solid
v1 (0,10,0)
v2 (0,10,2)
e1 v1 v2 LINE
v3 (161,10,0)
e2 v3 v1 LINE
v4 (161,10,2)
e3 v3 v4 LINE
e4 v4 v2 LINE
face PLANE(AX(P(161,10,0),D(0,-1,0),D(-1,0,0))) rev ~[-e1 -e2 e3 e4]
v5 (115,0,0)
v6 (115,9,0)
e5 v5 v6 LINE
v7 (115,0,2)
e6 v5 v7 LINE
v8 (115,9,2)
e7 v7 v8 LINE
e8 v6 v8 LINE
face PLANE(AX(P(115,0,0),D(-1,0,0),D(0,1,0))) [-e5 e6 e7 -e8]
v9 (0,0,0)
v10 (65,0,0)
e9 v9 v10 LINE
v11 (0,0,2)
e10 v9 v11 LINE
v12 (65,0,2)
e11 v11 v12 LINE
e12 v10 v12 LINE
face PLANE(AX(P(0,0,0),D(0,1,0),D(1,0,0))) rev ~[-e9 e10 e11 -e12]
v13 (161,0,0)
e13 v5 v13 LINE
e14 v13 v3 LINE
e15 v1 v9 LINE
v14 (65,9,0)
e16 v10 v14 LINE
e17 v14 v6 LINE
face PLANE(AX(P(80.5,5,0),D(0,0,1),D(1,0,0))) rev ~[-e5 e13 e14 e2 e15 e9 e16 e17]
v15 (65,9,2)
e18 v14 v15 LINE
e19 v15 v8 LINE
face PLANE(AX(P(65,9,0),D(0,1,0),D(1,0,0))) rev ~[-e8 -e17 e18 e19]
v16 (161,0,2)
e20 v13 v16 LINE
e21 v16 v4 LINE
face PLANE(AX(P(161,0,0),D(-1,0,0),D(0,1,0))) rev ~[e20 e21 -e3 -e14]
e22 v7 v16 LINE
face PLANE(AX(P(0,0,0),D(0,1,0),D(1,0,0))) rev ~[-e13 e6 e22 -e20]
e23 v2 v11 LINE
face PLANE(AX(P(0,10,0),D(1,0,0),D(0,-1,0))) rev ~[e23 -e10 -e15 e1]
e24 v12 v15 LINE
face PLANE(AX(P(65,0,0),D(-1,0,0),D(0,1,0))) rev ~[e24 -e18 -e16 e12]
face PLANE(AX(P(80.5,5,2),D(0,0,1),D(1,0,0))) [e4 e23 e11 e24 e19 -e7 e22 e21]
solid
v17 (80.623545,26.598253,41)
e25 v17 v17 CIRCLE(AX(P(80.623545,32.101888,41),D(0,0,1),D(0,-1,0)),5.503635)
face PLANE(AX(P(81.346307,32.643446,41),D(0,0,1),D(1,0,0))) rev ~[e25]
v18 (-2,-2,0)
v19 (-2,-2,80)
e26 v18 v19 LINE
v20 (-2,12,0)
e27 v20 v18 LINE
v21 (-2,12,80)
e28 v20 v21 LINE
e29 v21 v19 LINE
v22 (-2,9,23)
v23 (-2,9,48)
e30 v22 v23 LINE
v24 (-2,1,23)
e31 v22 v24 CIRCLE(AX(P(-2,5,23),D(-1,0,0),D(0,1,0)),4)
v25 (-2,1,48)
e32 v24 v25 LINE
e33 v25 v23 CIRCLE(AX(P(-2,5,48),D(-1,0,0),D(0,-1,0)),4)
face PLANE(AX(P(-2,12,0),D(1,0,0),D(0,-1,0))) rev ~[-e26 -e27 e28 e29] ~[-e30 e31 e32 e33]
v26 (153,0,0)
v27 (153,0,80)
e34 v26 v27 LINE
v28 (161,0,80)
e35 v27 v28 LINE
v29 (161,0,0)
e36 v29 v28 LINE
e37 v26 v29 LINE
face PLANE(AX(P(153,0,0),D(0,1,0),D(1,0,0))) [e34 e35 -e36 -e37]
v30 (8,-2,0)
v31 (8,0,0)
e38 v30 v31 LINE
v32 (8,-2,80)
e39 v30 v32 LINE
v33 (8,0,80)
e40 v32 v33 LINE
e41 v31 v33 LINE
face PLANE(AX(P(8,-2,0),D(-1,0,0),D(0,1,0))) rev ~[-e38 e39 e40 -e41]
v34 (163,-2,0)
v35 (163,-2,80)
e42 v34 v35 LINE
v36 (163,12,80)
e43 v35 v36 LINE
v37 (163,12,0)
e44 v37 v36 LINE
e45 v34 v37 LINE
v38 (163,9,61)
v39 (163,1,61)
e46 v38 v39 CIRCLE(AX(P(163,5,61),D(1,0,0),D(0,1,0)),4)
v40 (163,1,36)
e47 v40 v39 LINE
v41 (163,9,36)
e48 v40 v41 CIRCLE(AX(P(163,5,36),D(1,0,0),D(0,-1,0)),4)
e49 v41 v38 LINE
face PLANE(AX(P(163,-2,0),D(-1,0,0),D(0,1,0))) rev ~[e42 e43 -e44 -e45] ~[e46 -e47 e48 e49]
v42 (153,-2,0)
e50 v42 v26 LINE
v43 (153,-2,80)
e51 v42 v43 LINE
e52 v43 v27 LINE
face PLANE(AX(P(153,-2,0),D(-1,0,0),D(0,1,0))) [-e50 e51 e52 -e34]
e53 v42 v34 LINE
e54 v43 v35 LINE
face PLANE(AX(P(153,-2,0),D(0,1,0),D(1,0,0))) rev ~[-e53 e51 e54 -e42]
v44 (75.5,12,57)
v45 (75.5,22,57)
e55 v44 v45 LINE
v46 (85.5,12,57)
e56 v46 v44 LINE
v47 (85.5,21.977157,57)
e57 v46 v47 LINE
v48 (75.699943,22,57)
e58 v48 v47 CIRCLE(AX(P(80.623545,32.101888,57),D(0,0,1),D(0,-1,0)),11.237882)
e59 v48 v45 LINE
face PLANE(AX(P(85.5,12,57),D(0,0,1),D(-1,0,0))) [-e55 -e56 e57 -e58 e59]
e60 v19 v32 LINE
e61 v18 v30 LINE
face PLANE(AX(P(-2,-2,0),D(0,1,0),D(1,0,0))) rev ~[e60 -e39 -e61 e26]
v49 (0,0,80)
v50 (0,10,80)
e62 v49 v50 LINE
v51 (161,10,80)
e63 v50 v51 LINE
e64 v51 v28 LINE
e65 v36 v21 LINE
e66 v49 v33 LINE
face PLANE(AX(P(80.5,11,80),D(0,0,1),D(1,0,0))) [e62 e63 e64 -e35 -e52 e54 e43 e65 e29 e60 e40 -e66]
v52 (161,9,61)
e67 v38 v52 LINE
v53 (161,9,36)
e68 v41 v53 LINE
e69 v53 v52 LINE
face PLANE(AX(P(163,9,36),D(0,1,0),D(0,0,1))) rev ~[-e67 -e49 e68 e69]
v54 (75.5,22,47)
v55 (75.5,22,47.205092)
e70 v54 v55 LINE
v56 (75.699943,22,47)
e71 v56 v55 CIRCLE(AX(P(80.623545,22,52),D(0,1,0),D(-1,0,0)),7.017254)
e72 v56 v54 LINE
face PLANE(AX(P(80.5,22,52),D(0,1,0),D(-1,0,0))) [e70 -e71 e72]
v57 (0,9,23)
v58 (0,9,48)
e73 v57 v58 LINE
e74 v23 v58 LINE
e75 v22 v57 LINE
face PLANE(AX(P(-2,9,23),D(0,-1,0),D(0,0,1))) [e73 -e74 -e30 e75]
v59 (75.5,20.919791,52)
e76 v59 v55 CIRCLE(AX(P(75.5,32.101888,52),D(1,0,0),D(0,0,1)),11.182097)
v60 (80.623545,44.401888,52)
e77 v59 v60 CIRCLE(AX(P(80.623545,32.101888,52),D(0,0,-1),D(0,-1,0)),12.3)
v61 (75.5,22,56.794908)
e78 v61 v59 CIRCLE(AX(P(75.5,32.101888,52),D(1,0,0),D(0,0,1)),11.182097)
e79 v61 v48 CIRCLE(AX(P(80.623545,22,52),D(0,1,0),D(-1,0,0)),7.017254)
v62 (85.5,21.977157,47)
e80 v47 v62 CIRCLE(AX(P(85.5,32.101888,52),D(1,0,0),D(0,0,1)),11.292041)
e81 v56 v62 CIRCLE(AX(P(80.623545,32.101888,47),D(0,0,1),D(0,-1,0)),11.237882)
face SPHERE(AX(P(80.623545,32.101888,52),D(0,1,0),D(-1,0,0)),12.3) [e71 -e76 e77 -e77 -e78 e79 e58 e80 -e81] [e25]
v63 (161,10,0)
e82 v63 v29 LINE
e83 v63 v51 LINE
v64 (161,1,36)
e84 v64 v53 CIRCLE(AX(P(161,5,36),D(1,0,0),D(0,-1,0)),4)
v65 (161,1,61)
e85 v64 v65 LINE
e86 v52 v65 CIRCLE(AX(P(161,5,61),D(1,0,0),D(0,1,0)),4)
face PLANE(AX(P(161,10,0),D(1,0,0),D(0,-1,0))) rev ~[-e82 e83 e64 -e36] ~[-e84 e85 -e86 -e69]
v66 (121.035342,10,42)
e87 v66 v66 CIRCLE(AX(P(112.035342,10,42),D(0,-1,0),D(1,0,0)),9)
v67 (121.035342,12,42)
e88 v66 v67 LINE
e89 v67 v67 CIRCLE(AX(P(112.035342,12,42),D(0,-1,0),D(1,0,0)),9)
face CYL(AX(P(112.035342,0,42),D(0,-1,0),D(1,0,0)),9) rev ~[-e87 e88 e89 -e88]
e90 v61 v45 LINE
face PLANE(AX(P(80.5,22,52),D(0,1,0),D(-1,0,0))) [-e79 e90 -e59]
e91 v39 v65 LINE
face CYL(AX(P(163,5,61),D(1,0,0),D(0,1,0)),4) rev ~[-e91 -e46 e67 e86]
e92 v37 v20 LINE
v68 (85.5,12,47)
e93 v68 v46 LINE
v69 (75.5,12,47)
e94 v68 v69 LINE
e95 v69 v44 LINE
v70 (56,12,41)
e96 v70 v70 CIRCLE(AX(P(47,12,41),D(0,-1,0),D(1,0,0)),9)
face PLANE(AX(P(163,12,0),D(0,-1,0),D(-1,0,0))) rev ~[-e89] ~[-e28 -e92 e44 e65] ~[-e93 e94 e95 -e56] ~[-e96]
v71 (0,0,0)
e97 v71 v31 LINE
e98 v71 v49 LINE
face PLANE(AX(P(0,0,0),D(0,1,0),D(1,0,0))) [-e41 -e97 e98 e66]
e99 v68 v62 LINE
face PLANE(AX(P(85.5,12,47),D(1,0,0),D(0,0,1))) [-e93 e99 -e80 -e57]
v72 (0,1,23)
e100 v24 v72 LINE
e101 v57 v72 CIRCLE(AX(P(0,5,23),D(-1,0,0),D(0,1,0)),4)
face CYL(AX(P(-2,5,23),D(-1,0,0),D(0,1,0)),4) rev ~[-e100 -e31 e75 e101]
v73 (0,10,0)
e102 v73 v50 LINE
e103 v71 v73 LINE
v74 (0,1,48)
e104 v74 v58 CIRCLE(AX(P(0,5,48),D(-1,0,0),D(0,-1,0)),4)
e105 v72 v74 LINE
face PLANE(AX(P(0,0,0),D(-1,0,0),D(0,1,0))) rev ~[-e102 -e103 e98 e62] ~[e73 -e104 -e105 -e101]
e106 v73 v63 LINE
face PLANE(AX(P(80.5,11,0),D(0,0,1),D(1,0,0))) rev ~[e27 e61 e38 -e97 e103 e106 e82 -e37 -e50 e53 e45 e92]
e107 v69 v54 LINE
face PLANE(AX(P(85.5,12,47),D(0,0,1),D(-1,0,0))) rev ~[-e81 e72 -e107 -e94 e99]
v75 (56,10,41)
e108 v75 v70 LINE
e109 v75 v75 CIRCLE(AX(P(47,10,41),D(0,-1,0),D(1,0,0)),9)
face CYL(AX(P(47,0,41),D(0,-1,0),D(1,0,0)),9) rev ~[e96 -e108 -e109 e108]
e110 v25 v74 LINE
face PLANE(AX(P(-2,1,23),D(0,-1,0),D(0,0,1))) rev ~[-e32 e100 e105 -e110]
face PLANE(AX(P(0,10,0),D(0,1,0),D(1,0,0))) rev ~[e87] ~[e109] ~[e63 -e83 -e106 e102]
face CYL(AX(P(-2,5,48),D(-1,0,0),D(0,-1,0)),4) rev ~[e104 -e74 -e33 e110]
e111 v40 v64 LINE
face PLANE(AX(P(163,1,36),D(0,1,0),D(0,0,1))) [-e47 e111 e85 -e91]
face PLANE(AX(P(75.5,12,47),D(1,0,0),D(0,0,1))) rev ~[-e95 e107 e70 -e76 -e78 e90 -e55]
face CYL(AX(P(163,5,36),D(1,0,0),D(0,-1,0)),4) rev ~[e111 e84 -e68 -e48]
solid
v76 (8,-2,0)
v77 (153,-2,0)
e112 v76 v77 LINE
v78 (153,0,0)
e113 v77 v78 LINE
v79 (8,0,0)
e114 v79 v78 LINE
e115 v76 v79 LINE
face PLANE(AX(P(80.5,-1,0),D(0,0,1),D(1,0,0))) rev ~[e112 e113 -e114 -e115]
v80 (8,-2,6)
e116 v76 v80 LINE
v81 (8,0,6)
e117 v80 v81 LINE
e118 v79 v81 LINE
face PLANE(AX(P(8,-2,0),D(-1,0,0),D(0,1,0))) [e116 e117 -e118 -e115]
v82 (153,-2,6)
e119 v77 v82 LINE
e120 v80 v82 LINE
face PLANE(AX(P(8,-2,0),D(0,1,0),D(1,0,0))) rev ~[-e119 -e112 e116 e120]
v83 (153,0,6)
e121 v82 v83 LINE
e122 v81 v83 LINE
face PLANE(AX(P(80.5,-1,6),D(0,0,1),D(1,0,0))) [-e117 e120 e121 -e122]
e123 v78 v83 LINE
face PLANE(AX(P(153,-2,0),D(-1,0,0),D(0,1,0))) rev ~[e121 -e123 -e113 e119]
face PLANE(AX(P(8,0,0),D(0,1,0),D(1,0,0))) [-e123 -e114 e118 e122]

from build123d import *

# Parameters (mm, degrees)
F0_W      = 161
F0_H      = 2
F0_W_2    = 2
F0_H_2    = 10
F0_W_3    = 8
F1_DEPTH  = 80
F2_DEPTH  = 2
F0_W_4    = 145
F3_DEPTH  = 6
F4_W      = 8
F4_H      = 25
F5_DEPTH  = 2
F6_W      = 8
F6_H      = 25
F7_DEPTH  = 2
F8_R      = 9
F9_DEPTH  = 12.001
F11_W     = 50
F11_H     = 9
F12_DEPTH = 2
F10_W     = 10
F10_H     = 10
F13_DEPTH = 10
F18_W     = 28.0327871442
F18_H     = 26.7418082803
F19_DEPTH = 41


with BuildPart() as f1:
    # F0 (on Top) → F1 (new body)
    with BuildSketch(Plane.XY):
        with Locations((80.5, 11)):
            Rectangle(F0_W, F0_H)
        with Locations((162, 11)):
            Rectangle(F0_W_2, F0_H)
        with Locations((162, 5)):
            Rectangle(F0_W_2, F0_H_2)
        with Locations((162, -1)):
            Rectangle(F0_W_2, F0_H)
        with Locations((157, -1)):
            Rectangle(F0_W_3, F0_H)
        with Locations((-1, 11)):
            Rectangle(F0_W_2, F0_H)
        with Locations((-1, 5)):
            Rectangle(F0_W_2, F0_H_2)
        with Locations((-1, -1)):
            Rectangle(F0_W_2, F0_H)
        with Locations((4, -1)):
            Rectangle(F0_W_3, F0_H)
    extrude(amount=F1_DEPTH)

    # F4 (on face) → F5 (cut, through all)
    with BuildSketch(Plane(origin=(-2, 0, 0), x_dir=(0, -1, 0), z_dir=(-1, 0, 0))):
        with BuildLine():
            ThreePointArc((-1, 48), (-5, 52), (-9, 48))
            Line((-9, 48), (-1, 48))
        make_face()
        with Locations((-5, 35.5)):
            Rectangle(F4_W, F4_H)
        with BuildLine():
            Line((-1, 23), (-9, 23))
            ThreePointArc((-9, 23), (-5, 19), (-1, 23))
        make_face()
    extrude(amount=-F5_DEPTH, mode=Mode.SUBTRACT)

    # F6 (on face) → F7 (cut, through all)
    with BuildSketch(Plane.YZ.offset(163)):
        with BuildLine():
            ThreePointArc((9, 61), (5, 65), (1, 61))
            Line((1, 61), (9, 61))
        make_face()
        with Locations((5, 48.5)):
            Rectangle(F6_W, F6_H)
        with BuildLine():
            Line((9, 36), (1, 36))
            ThreePointArc((1, 36), (5, 32), (9, 36))
        make_face()
    extrude(amount=-F7_DEPTH, mode=Mode.SUBTRACT)

    # F8 (on Front) → F9 (cut, through all)
    with BuildSketch(Plane.XZ):
        with Locations((47, 41)):
            Circle(F8_R)
        with Locations((112.0353415608, 42)):
            Circle(F8_R)
    extrude(amount=-F9_DEPTH, mode=Mode.SUBTRACT)

    # F10 (on face) → F13 (join)
    with BuildSketch(Plane(origin=(0, 12, 0), x_dir=(-1, 0, 0), z_dir=(0, 1, 0))):
        with Locations((-80.5, 52)):
            Rectangle(F10_W, F10_H)
    extrude(amount=F13_DEPTH)

    # F16 (on line) → F17 (revolve)
    with BuildSketch(Plane(origin=(0, 0, 52), x_dir=(1, 0, 0), z_dir=(0, 0, -1))):
        with BuildLine():
            Line((80.6235447526, -44.4018882096), (80.6235447526, -19.8018882096))
            ThreePointArc((80.6235447526, -19.8018882096), (68.3235447526, -32.1018882096), (80.6235447526, -44.4018882096))
        make_face()
    revolve(axis=Axis((80.6235447526, 32.1018882096, 52), (0, 1, 0)))

    # F18 (on Top) → F19 (cut)
    with BuildSketch(Plane.XY):
        with Locations((81.3463069499, 32.6434457675)):
            Rectangle(F18_W, F18_H)
    extrude(amount=F19_DEPTH, mode=Mode.SUBTRACT)


with BuildPart() as f2:
    # F0 (on Top) → F2 (new body)
    with BuildSketch(Plane.XY):
        Polygon((0, 10), (0, 0), (8, 0), (153, 0), (161, 0), (161, 10), align=None)
    extrude(amount=F2_DEPTH)

    # F11 (on face) → F12 (cut, through all)
    with BuildSketch(Plane.XY):
        with Locations((90, 4.5)):
            Rectangle(F11_W, F11_H)
    extrude(amount=F12_DEPTH, mode=Mode.SUBTRACT)


with BuildPart() as f3:
    # F0 (on Top) → F3 (new body)
    with BuildSketch(Plane.XY):
        with Locations((80.5, -1)):
            Rectangle(F0_W_4, F0_H)
    extrude(amount=F3_DEPTH)


solid = Compound([f1.part, f2.part, f3.part])
